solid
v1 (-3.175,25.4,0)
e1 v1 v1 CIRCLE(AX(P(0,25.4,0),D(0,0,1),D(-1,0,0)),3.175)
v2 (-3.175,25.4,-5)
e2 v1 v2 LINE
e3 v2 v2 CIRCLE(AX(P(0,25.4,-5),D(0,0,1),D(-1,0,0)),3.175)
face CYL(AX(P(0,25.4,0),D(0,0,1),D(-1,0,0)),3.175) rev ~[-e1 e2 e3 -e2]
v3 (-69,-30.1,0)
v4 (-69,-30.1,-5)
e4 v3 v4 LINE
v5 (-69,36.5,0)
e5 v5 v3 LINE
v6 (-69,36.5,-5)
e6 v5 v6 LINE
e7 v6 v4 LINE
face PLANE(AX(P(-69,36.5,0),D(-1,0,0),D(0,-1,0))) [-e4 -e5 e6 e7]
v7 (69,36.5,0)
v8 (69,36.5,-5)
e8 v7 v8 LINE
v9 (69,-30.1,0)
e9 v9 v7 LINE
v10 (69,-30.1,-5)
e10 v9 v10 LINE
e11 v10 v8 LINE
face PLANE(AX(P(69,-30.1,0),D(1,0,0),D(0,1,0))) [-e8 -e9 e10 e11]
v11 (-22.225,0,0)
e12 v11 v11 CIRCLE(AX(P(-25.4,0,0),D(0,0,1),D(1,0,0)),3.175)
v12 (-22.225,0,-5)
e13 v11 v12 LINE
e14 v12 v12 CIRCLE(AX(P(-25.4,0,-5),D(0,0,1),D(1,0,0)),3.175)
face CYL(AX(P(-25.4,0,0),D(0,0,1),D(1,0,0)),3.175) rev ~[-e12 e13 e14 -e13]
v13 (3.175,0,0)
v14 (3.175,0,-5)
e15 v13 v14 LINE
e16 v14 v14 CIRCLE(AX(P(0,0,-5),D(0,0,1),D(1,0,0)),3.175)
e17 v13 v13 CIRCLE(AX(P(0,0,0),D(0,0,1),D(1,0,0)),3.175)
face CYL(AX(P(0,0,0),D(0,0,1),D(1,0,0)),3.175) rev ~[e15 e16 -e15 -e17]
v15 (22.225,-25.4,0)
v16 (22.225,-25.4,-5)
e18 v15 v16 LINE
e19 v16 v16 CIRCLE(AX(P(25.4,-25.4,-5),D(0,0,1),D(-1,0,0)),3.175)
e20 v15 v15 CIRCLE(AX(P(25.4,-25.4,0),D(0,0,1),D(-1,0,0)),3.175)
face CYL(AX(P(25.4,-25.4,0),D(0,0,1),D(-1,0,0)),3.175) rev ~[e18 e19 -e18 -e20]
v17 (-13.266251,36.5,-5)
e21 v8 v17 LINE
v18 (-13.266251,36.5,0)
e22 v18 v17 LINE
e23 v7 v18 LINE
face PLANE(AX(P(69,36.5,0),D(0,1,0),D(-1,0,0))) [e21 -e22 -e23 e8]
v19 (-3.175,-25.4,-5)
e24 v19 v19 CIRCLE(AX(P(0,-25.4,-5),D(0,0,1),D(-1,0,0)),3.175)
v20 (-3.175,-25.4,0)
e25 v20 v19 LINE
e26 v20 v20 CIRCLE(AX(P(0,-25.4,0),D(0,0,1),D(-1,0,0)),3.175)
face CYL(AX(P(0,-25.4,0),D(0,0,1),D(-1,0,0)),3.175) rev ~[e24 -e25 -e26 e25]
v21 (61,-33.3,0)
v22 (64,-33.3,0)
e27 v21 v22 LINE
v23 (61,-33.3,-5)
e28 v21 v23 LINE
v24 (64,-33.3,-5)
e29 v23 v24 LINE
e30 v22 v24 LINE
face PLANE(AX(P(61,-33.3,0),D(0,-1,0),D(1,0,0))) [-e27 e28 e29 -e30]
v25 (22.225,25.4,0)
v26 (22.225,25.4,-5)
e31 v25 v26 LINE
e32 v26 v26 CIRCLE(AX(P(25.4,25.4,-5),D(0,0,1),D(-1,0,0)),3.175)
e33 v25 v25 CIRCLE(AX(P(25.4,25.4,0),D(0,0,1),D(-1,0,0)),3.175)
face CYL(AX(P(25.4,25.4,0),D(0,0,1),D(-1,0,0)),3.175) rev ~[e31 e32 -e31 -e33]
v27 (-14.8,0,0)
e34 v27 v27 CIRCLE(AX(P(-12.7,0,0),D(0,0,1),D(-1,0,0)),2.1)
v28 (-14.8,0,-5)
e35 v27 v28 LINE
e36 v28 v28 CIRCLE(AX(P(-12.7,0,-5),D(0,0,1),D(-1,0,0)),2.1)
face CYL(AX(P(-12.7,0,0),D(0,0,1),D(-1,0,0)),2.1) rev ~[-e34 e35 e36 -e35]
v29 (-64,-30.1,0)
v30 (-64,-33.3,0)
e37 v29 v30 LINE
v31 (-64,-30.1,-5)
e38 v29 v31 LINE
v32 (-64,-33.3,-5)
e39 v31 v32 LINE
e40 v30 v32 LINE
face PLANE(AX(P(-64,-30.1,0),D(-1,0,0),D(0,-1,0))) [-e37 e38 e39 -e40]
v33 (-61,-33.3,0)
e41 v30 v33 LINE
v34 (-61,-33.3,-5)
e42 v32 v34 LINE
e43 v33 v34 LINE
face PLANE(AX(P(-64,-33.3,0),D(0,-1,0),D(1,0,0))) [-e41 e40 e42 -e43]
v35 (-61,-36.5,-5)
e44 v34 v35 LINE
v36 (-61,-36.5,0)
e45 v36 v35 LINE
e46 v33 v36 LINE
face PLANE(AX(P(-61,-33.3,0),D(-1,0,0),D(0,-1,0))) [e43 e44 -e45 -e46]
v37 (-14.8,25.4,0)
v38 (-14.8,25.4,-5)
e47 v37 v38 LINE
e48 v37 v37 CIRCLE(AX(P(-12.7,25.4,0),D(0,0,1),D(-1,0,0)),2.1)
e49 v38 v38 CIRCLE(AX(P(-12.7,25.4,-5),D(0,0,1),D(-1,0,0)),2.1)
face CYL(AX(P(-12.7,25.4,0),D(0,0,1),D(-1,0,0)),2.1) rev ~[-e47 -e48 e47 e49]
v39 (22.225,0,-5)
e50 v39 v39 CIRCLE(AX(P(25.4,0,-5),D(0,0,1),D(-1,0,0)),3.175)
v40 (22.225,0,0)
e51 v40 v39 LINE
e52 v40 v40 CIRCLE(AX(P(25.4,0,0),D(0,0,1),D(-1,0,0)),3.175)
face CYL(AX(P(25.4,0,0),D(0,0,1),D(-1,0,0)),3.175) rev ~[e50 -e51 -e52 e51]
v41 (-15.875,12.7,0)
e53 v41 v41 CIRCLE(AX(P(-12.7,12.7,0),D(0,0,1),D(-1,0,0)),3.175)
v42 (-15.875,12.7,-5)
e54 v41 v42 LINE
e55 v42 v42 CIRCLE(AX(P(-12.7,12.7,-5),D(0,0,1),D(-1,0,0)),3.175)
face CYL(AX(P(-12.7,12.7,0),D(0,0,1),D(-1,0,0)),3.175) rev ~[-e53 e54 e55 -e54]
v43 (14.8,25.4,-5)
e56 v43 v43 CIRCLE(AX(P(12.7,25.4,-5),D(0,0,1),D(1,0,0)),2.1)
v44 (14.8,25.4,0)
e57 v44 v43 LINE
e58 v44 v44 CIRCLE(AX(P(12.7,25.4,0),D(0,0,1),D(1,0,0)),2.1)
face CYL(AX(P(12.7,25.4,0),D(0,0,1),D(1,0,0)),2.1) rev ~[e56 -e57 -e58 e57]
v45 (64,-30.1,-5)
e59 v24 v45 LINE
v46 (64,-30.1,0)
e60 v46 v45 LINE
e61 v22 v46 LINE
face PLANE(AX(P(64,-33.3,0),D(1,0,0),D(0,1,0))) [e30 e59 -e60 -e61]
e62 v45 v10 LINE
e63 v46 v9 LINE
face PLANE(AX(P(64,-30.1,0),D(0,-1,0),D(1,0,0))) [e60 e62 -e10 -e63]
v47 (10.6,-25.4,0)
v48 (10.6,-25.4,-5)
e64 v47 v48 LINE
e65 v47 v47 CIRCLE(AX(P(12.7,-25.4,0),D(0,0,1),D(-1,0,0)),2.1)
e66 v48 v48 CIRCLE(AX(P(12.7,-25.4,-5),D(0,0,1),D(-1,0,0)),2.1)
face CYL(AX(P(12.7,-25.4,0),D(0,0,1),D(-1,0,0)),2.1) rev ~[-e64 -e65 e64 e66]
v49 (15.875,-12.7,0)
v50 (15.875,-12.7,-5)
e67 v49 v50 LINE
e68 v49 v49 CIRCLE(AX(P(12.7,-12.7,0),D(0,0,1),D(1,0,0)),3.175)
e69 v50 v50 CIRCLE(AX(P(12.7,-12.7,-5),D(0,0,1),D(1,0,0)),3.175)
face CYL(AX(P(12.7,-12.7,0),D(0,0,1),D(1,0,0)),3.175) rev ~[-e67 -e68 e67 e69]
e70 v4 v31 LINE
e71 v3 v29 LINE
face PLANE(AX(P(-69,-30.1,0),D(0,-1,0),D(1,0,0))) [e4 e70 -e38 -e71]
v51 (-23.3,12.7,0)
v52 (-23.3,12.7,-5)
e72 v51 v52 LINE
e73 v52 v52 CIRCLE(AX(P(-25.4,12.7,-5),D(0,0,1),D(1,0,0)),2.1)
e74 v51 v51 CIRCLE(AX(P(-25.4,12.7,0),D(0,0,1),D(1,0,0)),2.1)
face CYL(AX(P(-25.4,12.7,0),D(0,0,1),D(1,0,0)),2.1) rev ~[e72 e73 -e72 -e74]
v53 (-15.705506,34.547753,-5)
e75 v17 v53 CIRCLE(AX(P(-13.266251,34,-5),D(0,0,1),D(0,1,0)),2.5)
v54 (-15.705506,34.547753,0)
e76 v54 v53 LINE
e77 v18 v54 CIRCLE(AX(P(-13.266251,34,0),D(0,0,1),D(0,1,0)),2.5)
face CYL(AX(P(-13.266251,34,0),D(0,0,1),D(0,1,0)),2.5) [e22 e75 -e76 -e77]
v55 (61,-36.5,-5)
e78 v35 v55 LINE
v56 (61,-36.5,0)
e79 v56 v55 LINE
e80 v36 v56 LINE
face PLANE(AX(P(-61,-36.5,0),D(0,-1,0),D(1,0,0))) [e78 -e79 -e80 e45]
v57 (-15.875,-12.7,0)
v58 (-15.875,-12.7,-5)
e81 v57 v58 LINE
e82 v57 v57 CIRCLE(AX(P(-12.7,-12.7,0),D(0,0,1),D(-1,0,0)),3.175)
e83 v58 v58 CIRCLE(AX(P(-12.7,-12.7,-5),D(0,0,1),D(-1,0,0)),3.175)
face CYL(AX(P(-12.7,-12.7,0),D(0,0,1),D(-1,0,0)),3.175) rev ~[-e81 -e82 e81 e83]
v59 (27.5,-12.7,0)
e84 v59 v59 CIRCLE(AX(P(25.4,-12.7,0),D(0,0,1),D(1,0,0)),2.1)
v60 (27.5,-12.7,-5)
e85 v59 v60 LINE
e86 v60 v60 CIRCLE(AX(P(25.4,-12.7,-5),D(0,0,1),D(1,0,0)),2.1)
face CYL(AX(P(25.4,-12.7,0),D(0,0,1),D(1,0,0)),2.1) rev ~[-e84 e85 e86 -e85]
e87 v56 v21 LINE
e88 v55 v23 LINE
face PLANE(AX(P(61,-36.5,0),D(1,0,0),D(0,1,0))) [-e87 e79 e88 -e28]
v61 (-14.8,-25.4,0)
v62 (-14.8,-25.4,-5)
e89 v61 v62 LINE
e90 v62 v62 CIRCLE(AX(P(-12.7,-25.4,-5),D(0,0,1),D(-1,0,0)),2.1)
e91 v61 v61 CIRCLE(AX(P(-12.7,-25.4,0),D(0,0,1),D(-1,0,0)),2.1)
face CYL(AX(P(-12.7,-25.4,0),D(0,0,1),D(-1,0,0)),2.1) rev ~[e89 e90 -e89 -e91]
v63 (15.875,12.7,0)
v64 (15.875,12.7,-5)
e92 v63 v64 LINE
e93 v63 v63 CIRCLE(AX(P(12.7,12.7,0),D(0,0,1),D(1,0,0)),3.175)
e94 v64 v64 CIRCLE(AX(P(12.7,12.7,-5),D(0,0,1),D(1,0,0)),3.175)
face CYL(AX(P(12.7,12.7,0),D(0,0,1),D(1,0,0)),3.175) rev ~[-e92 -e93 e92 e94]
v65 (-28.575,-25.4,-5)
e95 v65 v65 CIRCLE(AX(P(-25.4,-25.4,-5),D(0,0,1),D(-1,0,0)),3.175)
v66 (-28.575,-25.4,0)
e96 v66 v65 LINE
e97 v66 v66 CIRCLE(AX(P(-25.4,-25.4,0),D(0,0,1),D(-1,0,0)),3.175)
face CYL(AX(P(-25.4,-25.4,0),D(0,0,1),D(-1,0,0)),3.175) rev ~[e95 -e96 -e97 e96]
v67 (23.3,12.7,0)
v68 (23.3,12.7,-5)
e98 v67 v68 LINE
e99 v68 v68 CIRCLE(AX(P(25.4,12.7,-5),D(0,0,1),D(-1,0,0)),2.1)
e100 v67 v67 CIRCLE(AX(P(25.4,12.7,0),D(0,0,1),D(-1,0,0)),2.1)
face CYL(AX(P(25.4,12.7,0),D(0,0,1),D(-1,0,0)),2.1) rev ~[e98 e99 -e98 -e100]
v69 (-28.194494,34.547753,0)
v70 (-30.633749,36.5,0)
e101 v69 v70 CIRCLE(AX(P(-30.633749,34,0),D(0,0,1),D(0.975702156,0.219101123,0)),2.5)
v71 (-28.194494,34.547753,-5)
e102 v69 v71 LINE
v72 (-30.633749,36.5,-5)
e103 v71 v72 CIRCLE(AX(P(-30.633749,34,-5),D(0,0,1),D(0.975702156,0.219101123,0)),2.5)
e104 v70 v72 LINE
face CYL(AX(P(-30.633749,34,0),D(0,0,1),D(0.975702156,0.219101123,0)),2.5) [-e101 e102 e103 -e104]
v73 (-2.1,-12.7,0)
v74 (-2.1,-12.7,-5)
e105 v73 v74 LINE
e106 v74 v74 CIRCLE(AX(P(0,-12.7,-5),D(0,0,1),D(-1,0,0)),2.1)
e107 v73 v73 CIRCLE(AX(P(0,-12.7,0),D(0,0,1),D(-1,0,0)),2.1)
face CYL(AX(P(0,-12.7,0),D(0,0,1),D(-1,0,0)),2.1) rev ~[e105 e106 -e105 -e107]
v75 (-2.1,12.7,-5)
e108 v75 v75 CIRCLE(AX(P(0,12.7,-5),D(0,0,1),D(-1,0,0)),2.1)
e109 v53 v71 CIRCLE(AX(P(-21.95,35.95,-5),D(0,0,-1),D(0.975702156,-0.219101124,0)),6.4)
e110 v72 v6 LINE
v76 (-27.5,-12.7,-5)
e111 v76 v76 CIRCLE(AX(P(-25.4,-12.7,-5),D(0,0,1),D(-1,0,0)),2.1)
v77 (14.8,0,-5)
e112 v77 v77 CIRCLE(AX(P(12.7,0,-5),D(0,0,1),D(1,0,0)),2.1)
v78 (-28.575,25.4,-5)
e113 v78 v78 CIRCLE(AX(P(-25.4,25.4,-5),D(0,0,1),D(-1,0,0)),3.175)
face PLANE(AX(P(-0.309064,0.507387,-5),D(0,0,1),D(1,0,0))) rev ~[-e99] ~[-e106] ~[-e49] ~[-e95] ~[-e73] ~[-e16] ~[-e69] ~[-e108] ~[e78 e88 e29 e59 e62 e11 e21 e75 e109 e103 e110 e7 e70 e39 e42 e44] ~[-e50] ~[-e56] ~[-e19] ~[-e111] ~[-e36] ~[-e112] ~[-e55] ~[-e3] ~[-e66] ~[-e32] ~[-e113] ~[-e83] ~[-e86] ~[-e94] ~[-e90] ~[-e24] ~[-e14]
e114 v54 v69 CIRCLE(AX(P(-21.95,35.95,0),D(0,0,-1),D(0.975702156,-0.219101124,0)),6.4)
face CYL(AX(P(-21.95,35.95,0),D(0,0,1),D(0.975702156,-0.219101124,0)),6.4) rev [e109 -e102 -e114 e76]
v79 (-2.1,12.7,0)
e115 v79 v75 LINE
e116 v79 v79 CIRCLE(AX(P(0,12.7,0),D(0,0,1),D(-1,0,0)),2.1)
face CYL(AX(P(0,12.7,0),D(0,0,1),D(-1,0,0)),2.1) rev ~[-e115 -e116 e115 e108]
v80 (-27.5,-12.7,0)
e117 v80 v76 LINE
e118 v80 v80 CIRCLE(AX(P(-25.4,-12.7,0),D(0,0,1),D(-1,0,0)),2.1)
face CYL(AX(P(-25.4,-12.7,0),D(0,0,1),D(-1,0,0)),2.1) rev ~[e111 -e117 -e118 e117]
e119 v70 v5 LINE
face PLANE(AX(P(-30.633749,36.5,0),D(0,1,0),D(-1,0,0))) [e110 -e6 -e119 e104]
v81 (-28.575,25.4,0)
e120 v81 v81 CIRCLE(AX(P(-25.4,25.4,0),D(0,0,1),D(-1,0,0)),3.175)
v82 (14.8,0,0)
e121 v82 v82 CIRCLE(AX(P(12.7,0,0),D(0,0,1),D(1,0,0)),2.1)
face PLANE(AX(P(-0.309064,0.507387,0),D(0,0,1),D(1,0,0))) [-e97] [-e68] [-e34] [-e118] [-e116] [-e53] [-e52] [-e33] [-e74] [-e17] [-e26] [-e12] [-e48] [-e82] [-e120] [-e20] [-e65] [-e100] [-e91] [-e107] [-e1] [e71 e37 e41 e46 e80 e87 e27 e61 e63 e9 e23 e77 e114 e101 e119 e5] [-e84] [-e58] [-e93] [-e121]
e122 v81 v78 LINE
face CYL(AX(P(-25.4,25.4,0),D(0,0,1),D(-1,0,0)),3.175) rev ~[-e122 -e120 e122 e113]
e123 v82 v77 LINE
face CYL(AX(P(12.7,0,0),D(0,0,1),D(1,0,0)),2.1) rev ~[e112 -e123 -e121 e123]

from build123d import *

# Parameters (mm, degrees)
BOSS_EXTRUDE1_DEPTH = 5


with BuildPart() as part:
    # Sketch1 → Boss-Extrude1 (new body)
    with BuildSketch(Plane.XY):
        with BuildLine():
            Line((-30.63374919, 36.5), (-69, 36.5))
            Line((-69, 36.5), (-69, -30.1))
            Line((-69, -30.1), (-64, -30.1))
            Line((-64, -30.1), (-64, -33.3))
            Line((-64, -33.3), (-61, -33.3))
            Line((-61, -33.3), (-61, -36.5))
            Line((-61, -36.5), (61, -36.5))
            Line((61, -36.5), (61, -33.3))
            Line((61, -33.3), (64, -33.3))
            Line((64, -33.3), (64, -30.1))
            Line((64, -30.1), (69, -30.1))
            Line((69, -30.1), (69, 36.5))
            Line((69, 36.5), (-13.26625081, 36.5))
            ThreePointArc((-13.26625081, 36.5), (-14.828399647, 35.951842978), (-15.7055062, 34.547752809))
            ThreePointArc((-15.7055062, 34.547752809), (-21.95, 29.55), (-28.1944938, 34.547752809))
            ThreePointArc((-28.1944938, 34.547752809), (-29.071600353, 35.951842978), (-30.63374919, 36.5))
        make_face()
        with BuildLine():
            ThreePointArc((3.175, -25.4), (0, -22.225), (-3.175, -25.4))
            ThreePointArc((-3.175, -25.4), (0, -28.575), (3.175, -25.4))
        make_face(mode=Mode.SUBTRACT)
        with BuildLine():
            ThreePointArc((-3.175, 0), (0, -3.175), (3.175, 0))
            ThreePointArc((3.175, 0), (0, 3.175), (-3.175, 0))
        make_face(mode=Mode.SUBTRACT)
        with BuildLine():
            ThreePointArc((-22.225, -25.4), (-25.4, -22.225), (-28.575, -25.4))
            ThreePointArc((-28.575, -25.4), (-25.4, -28.575), (-22.225, -25.4))
        make_face(mode=Mode.SUBTRACT)
        with BuildLine():
            ThreePointArc((28.575, -25.4), (25.4, -22.225), (22.225, -25.4))
            ThreePointArc((22.225, -25.4), (25.4, -28.575), (28.575, -25.4))
        make_face(mode=Mode.SUBTRACT)
        with BuildLine():
            ThreePointArc((-9.525, -12.7), (-12.7, -9.525), (-15.875, -12.7))
            ThreePointArc((-15.875, -12.7), (-12.7, -15.875), (-9.525, -12.7))
        make_face(mode=Mode.SUBTRACT)
        with BuildLine():
            ThreePointArc((-23.3, -12.7), (-25.4, -10.6), (-27.5, -12.7))
            ThreePointArc((-27.5, -12.7), (-25.4, -14.8), (-23.3, -12.7))
        make_face(mode=Mode.SUBTRACT)
        with BuildLine():
            ThreePointArc((14.8, -25.4), (12.7, -23.3), (10.6, -25.4))
            ThreePointArc((10.6, -25.4), (12.7, -27.5), (14.8, -25.4))
        make_face(mode=Mode.SUBTRACT)
        with BuildLine():
            ThreePointArc((-10.6, -25.4), (-12.7, -23.3), (-14.8, -25.4))
            ThreePointArc((-14.8, -25.4), (-12.7, -27.5), (-10.6, -25.4))
        make_face(mode=Mode.SUBTRACT)
        with BuildLine():
            ThreePointArc((2.1, -12.7), (0, -10.6), (-2.1, -12.7))
            ThreePointArc((-2.1, -12.7), (0, -14.8), (2.1, -12.7))
        make_face(mode=Mode.SUBTRACT)
        with BuildLine():
            ThreePointArc((-10.6, 25.4), (-12.7, 27.5), (-14.8, 25.4))
            ThreePointArc((-14.8, 25.4), (-12.7, 23.3), (-10.6, 25.4))
        make_face(mode=Mode.SUBTRACT)
        with BuildLine():
            ThreePointArc((-22.225, 25.4), (-25.4, 28.575), (-28.575, 25.4))
            ThreePointArc((-28.575, 25.4), (-25.4, 22.225), (-22.225, 25.4))
        make_face(mode=Mode.SUBTRACT)
        with BuildLine():
            ThreePointArc((28.575, 25.4), (25.4, 28.575), (22.225, 25.4))
            ThreePointArc((22.225, 25.4), (25.4, 22.225), (28.575, 25.4))
        make_face(mode=Mode.SUBTRACT)
        with BuildLine():
            ThreePointArc((27.5, 12.7), (25.4, 14.8), (23.3, 12.7))
            ThreePointArc((23.3, 12.7), (25.4, 10.6), (27.5, 12.7))
        make_face(mode=Mode.SUBTRACT)
        with BuildLine():
            ThreePointArc((28.575, 0), (25.4, 3.175), (22.225, 0))
            ThreePointArc((22.225, 0), (25.4, -3.175), (28.575, 0))
        make_face(mode=Mode.SUBTRACT)
        with BuildLine():
            ThreePointArc((23.3, -12.7), (25.4, -14.8), (27.5, -12.7))
            ThreePointArc((27.5, -12.7), (25.4, -10.6), (23.3, -12.7))
        make_face(mode=Mode.SUBTRACT)
        with BuildLine():
            ThreePointArc((10.6, 0), (12.7, -2.1), (14.8, 0))
            ThreePointArc((14.8, 0), (12.7, 2.1), (10.6, 0))
        make_face(mode=Mode.SUBTRACT)
        with BuildLine():
            ThreePointArc((9.525, 12.7), (12.7, 9.525), (15.875, 12.7))
            ThreePointArc((15.875, 12.7), (12.7, 15.875), (9.525, 12.7))
        make_face(mode=Mode.SUBTRACT)
        with BuildLine():
            ThreePointArc((10.6, 25.4), (12.7, 23.3), (14.8, 25.4))
            ThreePointArc((14.8, 25.4), (12.7, 27.5), (10.6, 25.4))
        make_face(mode=Mode.SUBTRACT)
        with BuildLine():
            ThreePointArc((3.175, 25.4), (0, 28.575), (-3.175, 25.4))
            ThreePointArc((-3.175, 25.4), (0, 22.225), (3.175, 25.4))
        make_face(mode=Mode.SUBTRACT)
        with BuildLine():
            ThreePointArc((2.1, 12.7), (0, 14.8), (-2.1, 12.7))
            ThreePointArc((-2.1, 12.7), (0, 10.6), (2.1, 12.7))
        make_face(mode=Mode.SUBTRACT)
        with BuildLine():
            ThreePointArc((-27.5, 12.7), (-25.4, 10.6), (-23.3, 12.7))
            ThreePointArc((-23.3, 12.7), (-25.4, 14.8), (-27.5, 12.7))
        make_face(mode=Mode.SUBTRACT)
        with BuildLine():
            ThreePointArc((-9.525, 12.7), (-12.7, 15.875), (-15.875, 12.7))
            ThreePointArc((-15.875, 12.7), (-12.7, 9.525), (-9.525, 12.7))
        make_face(mode=Mode.SUBTRACT)
        with BuildLine():
            ThreePointArc((-10.6, 0), (-12.7, 2.1), (-14.8, 0))
            ThreePointArc((-14.8, 0), (-12.7, -2.1), (-10.6, 0))
        make_face(mode=Mode.SUBTRACT)
        with BuildLine():
            ThreePointArc((9.525, -12.7), (12.7, -15.875), (15.875, -12.7))
            ThreePointArc((15.875, -12.7), (12.7, -9.525), (9.525, -12.7))
        make_face(mode=Mode.SUBTRACT)
        with BuildLine():
            ThreePointArc((-28.575, 0), (-25.4, -3.175), (-22.225, 0))
            ThreePointArc((-22.225, 0), (-25.4, 3.175), (-28.575, 0))
        make_face(mode=Mode.SUBTRACT)
    extrude(amount=-BOSS_EXTRUDE1_DEPTH)


solid = part.part
